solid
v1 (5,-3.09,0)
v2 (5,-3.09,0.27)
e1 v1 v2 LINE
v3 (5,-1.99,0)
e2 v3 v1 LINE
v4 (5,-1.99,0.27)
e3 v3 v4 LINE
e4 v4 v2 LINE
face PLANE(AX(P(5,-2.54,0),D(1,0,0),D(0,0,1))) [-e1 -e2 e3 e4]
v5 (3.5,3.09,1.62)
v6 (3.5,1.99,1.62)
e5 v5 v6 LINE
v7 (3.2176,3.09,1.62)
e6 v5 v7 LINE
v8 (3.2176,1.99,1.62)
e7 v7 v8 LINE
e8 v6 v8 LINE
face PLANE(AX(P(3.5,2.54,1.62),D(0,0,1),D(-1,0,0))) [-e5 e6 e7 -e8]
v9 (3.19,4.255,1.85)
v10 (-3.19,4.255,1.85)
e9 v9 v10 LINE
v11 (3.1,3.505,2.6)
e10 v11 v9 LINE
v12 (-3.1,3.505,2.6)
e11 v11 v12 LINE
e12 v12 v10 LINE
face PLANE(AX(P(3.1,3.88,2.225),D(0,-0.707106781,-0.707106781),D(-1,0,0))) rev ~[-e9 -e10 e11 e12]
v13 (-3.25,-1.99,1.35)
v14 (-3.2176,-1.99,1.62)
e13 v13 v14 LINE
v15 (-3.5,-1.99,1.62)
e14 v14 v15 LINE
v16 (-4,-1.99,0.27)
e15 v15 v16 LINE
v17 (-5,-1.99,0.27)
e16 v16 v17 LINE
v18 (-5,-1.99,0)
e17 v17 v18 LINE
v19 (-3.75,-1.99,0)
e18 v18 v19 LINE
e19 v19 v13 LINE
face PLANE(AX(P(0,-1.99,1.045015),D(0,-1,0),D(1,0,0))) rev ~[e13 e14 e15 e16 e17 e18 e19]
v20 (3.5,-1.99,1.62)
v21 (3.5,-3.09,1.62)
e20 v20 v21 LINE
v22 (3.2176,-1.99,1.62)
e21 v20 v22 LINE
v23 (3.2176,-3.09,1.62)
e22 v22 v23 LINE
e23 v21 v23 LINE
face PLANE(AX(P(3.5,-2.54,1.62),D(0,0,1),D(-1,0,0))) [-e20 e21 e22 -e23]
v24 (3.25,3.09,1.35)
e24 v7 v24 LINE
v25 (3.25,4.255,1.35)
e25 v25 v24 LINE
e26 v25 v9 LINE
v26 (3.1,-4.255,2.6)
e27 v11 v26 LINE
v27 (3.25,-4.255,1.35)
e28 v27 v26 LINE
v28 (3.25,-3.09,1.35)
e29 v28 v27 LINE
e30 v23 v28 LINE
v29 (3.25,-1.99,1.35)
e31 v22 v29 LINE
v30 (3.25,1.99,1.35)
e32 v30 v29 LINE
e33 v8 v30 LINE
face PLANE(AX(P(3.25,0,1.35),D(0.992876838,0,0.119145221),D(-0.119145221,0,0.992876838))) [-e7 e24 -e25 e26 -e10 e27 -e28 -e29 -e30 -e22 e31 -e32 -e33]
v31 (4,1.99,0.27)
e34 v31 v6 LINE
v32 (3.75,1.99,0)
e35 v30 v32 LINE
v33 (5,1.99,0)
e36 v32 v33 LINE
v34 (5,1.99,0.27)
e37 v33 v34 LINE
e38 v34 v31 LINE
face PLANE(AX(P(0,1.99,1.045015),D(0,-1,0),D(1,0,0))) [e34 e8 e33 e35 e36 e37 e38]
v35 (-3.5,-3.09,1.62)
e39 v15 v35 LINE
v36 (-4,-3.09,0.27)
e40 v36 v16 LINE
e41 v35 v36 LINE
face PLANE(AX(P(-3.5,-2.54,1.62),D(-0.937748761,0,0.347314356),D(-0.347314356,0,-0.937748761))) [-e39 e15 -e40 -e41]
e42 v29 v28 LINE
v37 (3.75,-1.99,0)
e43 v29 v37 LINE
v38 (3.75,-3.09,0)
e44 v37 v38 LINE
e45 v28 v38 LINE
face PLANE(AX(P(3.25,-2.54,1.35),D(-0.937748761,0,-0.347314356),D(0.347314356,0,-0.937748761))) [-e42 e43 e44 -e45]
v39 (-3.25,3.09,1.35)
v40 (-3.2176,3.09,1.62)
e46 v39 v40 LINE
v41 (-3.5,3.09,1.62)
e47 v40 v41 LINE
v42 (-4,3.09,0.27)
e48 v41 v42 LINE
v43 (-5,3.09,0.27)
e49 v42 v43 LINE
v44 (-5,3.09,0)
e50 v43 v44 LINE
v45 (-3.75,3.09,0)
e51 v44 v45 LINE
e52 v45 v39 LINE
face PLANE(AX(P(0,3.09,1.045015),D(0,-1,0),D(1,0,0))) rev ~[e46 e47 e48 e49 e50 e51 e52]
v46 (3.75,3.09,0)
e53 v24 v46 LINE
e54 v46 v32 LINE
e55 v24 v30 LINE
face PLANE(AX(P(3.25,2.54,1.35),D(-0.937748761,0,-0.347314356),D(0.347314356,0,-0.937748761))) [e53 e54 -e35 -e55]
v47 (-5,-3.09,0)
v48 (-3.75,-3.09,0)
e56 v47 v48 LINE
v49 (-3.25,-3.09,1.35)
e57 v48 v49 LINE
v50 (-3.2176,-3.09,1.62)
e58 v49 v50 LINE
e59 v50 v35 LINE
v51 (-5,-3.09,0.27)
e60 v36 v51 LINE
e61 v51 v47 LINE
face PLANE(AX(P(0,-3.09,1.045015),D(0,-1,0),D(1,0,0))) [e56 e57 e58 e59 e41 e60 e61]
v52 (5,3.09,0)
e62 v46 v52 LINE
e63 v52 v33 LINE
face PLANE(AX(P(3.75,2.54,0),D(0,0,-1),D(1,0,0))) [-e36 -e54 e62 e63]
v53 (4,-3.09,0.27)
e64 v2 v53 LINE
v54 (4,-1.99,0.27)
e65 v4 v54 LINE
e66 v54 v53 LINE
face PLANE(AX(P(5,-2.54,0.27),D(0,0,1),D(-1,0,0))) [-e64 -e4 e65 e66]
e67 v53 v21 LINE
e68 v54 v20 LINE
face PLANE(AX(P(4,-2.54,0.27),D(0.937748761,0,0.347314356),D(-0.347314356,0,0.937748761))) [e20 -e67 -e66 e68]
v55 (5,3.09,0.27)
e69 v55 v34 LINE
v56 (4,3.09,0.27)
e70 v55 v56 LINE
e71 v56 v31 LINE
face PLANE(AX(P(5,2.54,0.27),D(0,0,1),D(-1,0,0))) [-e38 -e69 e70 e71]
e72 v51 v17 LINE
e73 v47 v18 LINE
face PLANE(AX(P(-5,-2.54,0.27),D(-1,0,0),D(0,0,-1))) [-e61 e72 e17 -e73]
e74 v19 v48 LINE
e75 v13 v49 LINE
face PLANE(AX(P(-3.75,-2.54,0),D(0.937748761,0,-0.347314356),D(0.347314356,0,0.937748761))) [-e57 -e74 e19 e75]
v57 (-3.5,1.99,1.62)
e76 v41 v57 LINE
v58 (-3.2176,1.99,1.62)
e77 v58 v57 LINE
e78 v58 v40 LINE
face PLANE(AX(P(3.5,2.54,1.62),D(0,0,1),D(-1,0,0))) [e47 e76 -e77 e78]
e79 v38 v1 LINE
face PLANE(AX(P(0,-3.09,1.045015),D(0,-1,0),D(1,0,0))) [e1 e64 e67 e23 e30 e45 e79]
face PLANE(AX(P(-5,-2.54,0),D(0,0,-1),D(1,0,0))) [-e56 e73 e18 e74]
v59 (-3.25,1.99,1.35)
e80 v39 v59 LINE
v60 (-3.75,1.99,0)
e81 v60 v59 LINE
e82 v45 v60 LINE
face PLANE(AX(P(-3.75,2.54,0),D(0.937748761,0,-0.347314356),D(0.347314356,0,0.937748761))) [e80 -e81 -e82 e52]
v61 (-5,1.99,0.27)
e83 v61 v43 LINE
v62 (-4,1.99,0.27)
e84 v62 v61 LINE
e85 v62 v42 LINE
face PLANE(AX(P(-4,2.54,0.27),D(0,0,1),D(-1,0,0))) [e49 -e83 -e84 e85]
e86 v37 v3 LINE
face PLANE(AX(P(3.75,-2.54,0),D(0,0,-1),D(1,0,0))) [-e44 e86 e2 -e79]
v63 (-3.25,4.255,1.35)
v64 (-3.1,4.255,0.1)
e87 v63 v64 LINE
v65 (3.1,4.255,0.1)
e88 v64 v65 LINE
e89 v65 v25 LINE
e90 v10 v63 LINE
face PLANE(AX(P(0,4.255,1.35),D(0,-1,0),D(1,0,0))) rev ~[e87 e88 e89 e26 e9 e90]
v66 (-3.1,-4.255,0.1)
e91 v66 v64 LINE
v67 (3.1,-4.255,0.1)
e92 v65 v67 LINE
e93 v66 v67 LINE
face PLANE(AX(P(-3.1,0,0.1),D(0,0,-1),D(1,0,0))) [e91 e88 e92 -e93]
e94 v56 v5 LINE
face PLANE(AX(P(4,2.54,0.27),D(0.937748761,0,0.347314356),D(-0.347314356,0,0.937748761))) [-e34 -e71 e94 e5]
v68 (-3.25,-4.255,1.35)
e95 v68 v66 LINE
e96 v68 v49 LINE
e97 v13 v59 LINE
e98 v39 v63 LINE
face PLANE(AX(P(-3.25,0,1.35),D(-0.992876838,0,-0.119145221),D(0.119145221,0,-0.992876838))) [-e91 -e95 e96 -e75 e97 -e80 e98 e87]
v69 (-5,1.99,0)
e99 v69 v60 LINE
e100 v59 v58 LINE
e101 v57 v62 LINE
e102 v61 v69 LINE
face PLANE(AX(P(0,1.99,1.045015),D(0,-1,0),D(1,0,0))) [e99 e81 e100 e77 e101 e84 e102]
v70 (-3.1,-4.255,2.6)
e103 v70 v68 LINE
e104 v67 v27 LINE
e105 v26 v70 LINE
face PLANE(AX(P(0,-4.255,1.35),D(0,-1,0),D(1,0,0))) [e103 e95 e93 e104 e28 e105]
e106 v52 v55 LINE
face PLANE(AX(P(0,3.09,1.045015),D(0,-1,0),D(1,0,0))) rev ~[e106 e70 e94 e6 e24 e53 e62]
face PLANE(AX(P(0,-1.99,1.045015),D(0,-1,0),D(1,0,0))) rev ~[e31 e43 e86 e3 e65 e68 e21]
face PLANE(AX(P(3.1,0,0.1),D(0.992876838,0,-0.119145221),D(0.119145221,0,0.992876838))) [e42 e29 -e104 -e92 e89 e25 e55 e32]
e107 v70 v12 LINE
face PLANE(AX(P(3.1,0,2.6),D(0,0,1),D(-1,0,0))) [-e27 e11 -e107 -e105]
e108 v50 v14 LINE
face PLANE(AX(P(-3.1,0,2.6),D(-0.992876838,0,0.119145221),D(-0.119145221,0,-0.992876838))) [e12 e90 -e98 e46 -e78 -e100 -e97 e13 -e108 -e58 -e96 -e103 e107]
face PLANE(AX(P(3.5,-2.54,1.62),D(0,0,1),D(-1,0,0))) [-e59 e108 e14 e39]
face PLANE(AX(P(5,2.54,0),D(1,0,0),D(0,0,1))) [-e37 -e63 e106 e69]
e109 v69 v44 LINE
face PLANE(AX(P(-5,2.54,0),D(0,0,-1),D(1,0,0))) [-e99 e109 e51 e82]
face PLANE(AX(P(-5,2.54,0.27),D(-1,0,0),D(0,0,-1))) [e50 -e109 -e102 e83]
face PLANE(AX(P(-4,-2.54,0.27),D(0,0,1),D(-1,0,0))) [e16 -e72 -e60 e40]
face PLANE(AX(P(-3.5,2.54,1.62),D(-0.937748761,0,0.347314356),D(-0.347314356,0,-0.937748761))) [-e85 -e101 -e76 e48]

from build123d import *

# Parameters (mm, degrees)
PAD001_DEPTH = 0.55
PAD002_DEPTH = 0.55
PAD_DEPTH    = 4.255
CHAMFER_SIZE = 0.75


with BuildPart() as pad001:
    # Sketch001 → Pad001 (new body, symmetric)
    with BuildSketch(Plane.XZ.offset(2.54)):
        Polygon((-5, 0), (-3.75, 0), (-3.25, 1.35), (3.25, 1.35), (3.75, 0), (5, 0), (5, 0.27), (4, 0.27), (3.5, 1.62), (-3.5, 1.62), (-4, 0.27), (-5, 0.27), align=None)
    extrude(amount=PAD001_DEPTH, both=True)


with BuildPart() as pad002:
    # Sketch002 → Pad002 (new body, symmetric)
    with BuildSketch(Plane.XZ.offset(-2.54)):
        Polygon((-5, 0), (-3.75, 0), (-3.25, 1.35), (3.25, 1.35), (3.75, 0), (5, 0), (5, 0.27), (4, 0.27), (3.5, 1.62), (-3.5, 1.62), (-4, 0.27), (-5, 0.27), align=None)
    extrude(amount=PAD002_DEPTH, both=True)


with BuildPart() as diode_bridge_vishay_dfsflat:
    # Sketch → Pad (new body, symmetric)
    with BuildSketch(Plane.XZ):
        Polygon((-3.1, 0.1), (3.1, 0.1), (3.25, 1.35), (3.1, 2.6), (-3.1, 2.6), (-3.25, 1.35), align=None)
    extrude(amount=PAD_DEPTH, both=True)

    # Chamfer
    chamfer_edges = [diode_bridge_vishay_dfsflat.edges().sort_by_distance(p)[0] for p in [
        (0, 4.255, 2.6),
    ]]
    chamfer(chamfer_edges, length=CHAMFER_SIZE)

    # Chamfer_mp_cp: union Pad001, Pad002
    add(pad001.part)
    add(pad002.part)


solid = diode_bridge_vishay_dfsflat.part
